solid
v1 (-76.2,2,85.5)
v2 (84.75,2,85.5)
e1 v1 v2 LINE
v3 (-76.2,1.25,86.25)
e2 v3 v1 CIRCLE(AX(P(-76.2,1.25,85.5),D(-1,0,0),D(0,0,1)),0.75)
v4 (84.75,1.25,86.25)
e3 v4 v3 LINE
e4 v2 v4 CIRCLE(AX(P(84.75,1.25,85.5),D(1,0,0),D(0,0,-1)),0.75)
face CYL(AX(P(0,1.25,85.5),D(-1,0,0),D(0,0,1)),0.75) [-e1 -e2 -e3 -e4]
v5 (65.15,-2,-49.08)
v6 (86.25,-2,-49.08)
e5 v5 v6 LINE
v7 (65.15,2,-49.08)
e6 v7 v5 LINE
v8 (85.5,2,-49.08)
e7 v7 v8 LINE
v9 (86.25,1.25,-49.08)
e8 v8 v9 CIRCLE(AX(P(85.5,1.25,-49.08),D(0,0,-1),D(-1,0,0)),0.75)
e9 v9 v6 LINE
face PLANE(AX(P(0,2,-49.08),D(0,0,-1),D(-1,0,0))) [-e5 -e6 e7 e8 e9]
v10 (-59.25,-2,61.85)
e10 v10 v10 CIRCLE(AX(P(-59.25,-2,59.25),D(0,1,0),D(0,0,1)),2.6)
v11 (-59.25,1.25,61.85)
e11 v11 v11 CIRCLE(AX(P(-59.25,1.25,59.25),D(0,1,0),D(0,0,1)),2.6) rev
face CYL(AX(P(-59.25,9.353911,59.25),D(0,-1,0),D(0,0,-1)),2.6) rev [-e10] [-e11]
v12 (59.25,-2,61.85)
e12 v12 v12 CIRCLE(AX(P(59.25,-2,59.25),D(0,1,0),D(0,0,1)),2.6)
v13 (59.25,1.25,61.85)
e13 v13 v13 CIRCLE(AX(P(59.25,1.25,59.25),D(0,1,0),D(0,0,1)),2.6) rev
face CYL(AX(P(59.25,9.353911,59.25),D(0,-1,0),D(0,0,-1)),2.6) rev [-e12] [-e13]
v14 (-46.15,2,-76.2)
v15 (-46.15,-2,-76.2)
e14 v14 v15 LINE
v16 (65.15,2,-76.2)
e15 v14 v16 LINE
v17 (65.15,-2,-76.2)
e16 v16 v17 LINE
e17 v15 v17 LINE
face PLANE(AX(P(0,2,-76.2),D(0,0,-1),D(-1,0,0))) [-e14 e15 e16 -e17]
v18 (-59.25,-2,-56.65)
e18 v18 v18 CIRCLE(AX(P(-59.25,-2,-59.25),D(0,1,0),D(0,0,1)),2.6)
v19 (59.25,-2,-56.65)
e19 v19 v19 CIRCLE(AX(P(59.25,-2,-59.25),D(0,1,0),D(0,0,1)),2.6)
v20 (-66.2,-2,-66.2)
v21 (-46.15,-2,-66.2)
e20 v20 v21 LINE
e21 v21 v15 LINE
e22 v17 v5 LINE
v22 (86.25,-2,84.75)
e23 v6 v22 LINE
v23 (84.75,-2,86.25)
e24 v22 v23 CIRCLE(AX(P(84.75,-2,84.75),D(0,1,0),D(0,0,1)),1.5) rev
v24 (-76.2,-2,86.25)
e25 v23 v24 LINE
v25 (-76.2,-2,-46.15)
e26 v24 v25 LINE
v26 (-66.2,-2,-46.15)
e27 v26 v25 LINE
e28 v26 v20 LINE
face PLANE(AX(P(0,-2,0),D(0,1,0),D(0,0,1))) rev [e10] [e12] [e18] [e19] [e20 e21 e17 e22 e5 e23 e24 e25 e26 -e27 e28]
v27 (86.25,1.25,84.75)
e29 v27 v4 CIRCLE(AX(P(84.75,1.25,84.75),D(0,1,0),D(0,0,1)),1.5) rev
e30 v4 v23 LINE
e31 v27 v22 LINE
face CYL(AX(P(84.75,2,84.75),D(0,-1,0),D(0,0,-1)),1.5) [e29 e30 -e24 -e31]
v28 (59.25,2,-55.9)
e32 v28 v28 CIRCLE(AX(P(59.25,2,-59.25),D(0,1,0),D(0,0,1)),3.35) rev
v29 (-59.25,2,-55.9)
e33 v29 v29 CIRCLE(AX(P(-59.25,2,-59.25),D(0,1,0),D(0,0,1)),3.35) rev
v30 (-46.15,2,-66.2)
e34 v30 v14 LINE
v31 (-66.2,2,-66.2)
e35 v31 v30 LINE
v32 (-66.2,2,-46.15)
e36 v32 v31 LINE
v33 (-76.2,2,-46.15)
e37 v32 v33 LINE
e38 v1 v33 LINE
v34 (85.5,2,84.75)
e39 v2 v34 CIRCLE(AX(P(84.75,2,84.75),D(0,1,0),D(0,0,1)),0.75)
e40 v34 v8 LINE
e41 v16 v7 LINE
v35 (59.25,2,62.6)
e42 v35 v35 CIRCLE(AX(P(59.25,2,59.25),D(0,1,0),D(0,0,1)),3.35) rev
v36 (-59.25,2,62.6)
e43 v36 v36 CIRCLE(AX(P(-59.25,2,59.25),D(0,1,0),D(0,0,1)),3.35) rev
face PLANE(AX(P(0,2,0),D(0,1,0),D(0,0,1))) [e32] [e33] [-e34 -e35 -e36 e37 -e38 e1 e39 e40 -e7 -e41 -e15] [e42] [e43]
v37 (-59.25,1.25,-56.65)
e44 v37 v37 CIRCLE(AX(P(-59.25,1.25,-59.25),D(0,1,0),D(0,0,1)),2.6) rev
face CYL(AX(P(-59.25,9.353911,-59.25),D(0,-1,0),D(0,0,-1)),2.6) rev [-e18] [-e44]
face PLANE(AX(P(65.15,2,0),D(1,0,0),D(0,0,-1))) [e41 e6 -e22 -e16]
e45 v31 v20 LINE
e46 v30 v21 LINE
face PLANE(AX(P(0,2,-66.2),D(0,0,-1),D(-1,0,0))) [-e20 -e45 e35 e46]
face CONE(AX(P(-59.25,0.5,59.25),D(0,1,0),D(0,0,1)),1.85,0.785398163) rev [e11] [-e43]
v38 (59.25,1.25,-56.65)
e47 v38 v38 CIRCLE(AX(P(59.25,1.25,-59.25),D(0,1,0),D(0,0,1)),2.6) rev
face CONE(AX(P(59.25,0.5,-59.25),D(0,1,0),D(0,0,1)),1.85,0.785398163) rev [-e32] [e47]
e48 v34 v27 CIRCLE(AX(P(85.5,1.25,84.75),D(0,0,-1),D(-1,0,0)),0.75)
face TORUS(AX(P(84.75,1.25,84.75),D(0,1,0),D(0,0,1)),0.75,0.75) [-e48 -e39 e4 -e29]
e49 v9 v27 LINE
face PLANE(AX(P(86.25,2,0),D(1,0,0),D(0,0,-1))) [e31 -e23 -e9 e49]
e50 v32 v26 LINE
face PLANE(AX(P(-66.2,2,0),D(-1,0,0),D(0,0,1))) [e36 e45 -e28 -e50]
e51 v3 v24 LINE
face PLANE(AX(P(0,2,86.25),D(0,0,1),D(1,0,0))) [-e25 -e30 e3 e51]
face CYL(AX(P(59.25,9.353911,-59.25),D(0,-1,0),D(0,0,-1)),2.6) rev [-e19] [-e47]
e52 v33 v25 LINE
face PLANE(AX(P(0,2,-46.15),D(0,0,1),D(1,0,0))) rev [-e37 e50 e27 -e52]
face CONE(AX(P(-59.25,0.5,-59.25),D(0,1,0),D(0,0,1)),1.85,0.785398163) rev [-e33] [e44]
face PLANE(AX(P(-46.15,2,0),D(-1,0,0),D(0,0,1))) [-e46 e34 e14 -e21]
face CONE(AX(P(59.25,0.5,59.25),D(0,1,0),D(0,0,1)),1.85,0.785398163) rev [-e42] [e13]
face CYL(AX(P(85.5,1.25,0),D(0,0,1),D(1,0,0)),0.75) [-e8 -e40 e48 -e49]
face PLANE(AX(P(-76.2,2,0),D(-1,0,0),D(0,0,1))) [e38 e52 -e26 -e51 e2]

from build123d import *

# Parameters (mm, degrees)
SKETCH1_R           = 1.85
BOSS_EXTRUDE1_DEPTH = 2
CHAMFER2_SIZE       = 1.5
CUT_EXTRUDE2_START  = -2
SKETCH1_4_R         = 2.6
SKETCH1_4_R_2       = 1.85
CUT_EXTRUDE2_DEPTH  = 3.25
FILLET1_R           = 0.75


with BuildPart() as part:
    # Sketch1 → Boss-Extrude1 (new, symmetric)
    with BuildSketch(Plane(origin=(0, 0, 0), x_dir=(1, 0, 0), z_dir=(0, 1, 0))):
        with BuildLine():
            Line((-66.2, 46.15), (-76.2, 46.15))
            Line((-76.2, 46.15), (-76.2, -86.25))
            Line((-76.2, -86.25), (84.75, -86.25))
            ThreePointArc((84.75, -86.25), (85.810660172, -85.810660172), (86.25, -84.75))
            Line((86.25, -84.75), (86.25, 49.08))
            Line((86.25, 49.08), (65.15, 49.08))
            Line((65.15, 49.08), (65.15, 76.2))
            Line((65.15, 76.2), (-46.15, 76.2))
            Line((-46.15, 76.2), (-46.15, 66.2))
            Line((-46.15, 66.2), (-66.2, 66.2))
            Line((-66.2, 66.2), (-66.2, 46.15))
        make_face()
        with Locations(Location((-59.25, 59.25, 0), (0, 0, 270))):
            Circle(SKETCH1_R, mode=Mode.SUBTRACT)
        with Locations(Location((-59.25, -59.25, 0), (0, 0, 270))):
            Circle(SKETCH1_R, mode=Mode.SUBTRACT)
        with Locations(Location((59.25, -59.25, 0), (0, 0, 270))):
            Circle(SKETCH1_R, mode=Mode.SUBTRACT)
        with Locations(Location((59.25, 59.25, 0), (0, 0, 270))):
            Circle(SKETCH1_R, mode=Mode.SUBTRACT)
    extrude(amount=BOSS_EXTRUDE1_DEPTH, both=True)

    # Chamfer2
    chamfer2_edges = [part.edges().sort_by_distance(p)[0] for p in [
        (-59.25, 2, -61.1),
        (59.25, 2, -61.1),
        (59.25, 2, 57.4),
        (-59.25, 2, 57.4),
    ]]
    chamfer(chamfer2_edges, length=CHAMFER2_SIZE)

    # Sketch1<4> → Cut-Extrude2 (cut)
    # profile 1 of 4: a face of its own
    with BuildSketch(Plane(origin=(0, 0, 0), x_dir=(1, 0, 0), z_dir=(0, 1, 0)).offset(CUT_EXTRUDE2_START)):
        with Locations(Location((-59.25, 59.25, 0), (0, 0, 270))):
            Circle(SKETCH1_4_R)
        with Locations((-59.25, 59.25)):
            Circle(SKETCH1_4_R_2, mode=Mode.SUBTRACT)
    # profile 2 of 4: a face of its own
    with BuildSketch(Plane(origin=(0, 0, 0), x_dir=(1, 0, 0), z_dir=(0, 1, 0)).offset(CUT_EXTRUDE2_START)):
        with Locations(Location((-59.25, -59.25, 0), (0, 0, 270))):
            Circle(SKETCH1_4_R)
        with Locations((-59.25, -59.25)):
            Circle(SKETCH1_4_R_2, mode=Mode.SUBTRACT)
    # profile 3 of 4: a face of its own
    with BuildSketch(Plane(origin=(0, 0, 0), x_dir=(1, 0, 0), z_dir=(0, 1, 0)).offset(CUT_EXTRUDE2_START)):
        with Locations(Location((59.25, -59.25, 0), (0, 0, 270))):
            Circle(SKETCH1_4_R)
        with Locations((59.25, -59.25)):
            Circle(SKETCH1_4_R_2, mode=Mode.SUBTRACT)
    # profile 4 of 4: a face of its own
    with BuildSketch(Plane(origin=(0, 0, 0), x_dir=(1, 0, 0), z_dir=(0, 1, 0)).offset(CUT_EXTRUDE2_START)):
        with Locations(Location((59.25, 59.25, 0), (0, 0, 270))):
            Circle(SKETCH1_4_R)
        with Locations((59.25, 59.25)):
            Circle(SKETCH1_4_R_2, mode=Mode.SUBTRACT)
    extrude(amount=CUT_EXTRUDE2_DEPTH, mode=Mode.SUBTRACT)

    # Fillet1
    fillet1_edges = [part.edges().sort_by_distance(p)[0] for p in [
        (86.25, 2, 17.835),
        (4.275, 2, 86.25),
        (85.810660172, 2, 85.810660172),
    ]]
    fillet(fillet1_edges, radius=FILLET1_R)


solid = part.part
